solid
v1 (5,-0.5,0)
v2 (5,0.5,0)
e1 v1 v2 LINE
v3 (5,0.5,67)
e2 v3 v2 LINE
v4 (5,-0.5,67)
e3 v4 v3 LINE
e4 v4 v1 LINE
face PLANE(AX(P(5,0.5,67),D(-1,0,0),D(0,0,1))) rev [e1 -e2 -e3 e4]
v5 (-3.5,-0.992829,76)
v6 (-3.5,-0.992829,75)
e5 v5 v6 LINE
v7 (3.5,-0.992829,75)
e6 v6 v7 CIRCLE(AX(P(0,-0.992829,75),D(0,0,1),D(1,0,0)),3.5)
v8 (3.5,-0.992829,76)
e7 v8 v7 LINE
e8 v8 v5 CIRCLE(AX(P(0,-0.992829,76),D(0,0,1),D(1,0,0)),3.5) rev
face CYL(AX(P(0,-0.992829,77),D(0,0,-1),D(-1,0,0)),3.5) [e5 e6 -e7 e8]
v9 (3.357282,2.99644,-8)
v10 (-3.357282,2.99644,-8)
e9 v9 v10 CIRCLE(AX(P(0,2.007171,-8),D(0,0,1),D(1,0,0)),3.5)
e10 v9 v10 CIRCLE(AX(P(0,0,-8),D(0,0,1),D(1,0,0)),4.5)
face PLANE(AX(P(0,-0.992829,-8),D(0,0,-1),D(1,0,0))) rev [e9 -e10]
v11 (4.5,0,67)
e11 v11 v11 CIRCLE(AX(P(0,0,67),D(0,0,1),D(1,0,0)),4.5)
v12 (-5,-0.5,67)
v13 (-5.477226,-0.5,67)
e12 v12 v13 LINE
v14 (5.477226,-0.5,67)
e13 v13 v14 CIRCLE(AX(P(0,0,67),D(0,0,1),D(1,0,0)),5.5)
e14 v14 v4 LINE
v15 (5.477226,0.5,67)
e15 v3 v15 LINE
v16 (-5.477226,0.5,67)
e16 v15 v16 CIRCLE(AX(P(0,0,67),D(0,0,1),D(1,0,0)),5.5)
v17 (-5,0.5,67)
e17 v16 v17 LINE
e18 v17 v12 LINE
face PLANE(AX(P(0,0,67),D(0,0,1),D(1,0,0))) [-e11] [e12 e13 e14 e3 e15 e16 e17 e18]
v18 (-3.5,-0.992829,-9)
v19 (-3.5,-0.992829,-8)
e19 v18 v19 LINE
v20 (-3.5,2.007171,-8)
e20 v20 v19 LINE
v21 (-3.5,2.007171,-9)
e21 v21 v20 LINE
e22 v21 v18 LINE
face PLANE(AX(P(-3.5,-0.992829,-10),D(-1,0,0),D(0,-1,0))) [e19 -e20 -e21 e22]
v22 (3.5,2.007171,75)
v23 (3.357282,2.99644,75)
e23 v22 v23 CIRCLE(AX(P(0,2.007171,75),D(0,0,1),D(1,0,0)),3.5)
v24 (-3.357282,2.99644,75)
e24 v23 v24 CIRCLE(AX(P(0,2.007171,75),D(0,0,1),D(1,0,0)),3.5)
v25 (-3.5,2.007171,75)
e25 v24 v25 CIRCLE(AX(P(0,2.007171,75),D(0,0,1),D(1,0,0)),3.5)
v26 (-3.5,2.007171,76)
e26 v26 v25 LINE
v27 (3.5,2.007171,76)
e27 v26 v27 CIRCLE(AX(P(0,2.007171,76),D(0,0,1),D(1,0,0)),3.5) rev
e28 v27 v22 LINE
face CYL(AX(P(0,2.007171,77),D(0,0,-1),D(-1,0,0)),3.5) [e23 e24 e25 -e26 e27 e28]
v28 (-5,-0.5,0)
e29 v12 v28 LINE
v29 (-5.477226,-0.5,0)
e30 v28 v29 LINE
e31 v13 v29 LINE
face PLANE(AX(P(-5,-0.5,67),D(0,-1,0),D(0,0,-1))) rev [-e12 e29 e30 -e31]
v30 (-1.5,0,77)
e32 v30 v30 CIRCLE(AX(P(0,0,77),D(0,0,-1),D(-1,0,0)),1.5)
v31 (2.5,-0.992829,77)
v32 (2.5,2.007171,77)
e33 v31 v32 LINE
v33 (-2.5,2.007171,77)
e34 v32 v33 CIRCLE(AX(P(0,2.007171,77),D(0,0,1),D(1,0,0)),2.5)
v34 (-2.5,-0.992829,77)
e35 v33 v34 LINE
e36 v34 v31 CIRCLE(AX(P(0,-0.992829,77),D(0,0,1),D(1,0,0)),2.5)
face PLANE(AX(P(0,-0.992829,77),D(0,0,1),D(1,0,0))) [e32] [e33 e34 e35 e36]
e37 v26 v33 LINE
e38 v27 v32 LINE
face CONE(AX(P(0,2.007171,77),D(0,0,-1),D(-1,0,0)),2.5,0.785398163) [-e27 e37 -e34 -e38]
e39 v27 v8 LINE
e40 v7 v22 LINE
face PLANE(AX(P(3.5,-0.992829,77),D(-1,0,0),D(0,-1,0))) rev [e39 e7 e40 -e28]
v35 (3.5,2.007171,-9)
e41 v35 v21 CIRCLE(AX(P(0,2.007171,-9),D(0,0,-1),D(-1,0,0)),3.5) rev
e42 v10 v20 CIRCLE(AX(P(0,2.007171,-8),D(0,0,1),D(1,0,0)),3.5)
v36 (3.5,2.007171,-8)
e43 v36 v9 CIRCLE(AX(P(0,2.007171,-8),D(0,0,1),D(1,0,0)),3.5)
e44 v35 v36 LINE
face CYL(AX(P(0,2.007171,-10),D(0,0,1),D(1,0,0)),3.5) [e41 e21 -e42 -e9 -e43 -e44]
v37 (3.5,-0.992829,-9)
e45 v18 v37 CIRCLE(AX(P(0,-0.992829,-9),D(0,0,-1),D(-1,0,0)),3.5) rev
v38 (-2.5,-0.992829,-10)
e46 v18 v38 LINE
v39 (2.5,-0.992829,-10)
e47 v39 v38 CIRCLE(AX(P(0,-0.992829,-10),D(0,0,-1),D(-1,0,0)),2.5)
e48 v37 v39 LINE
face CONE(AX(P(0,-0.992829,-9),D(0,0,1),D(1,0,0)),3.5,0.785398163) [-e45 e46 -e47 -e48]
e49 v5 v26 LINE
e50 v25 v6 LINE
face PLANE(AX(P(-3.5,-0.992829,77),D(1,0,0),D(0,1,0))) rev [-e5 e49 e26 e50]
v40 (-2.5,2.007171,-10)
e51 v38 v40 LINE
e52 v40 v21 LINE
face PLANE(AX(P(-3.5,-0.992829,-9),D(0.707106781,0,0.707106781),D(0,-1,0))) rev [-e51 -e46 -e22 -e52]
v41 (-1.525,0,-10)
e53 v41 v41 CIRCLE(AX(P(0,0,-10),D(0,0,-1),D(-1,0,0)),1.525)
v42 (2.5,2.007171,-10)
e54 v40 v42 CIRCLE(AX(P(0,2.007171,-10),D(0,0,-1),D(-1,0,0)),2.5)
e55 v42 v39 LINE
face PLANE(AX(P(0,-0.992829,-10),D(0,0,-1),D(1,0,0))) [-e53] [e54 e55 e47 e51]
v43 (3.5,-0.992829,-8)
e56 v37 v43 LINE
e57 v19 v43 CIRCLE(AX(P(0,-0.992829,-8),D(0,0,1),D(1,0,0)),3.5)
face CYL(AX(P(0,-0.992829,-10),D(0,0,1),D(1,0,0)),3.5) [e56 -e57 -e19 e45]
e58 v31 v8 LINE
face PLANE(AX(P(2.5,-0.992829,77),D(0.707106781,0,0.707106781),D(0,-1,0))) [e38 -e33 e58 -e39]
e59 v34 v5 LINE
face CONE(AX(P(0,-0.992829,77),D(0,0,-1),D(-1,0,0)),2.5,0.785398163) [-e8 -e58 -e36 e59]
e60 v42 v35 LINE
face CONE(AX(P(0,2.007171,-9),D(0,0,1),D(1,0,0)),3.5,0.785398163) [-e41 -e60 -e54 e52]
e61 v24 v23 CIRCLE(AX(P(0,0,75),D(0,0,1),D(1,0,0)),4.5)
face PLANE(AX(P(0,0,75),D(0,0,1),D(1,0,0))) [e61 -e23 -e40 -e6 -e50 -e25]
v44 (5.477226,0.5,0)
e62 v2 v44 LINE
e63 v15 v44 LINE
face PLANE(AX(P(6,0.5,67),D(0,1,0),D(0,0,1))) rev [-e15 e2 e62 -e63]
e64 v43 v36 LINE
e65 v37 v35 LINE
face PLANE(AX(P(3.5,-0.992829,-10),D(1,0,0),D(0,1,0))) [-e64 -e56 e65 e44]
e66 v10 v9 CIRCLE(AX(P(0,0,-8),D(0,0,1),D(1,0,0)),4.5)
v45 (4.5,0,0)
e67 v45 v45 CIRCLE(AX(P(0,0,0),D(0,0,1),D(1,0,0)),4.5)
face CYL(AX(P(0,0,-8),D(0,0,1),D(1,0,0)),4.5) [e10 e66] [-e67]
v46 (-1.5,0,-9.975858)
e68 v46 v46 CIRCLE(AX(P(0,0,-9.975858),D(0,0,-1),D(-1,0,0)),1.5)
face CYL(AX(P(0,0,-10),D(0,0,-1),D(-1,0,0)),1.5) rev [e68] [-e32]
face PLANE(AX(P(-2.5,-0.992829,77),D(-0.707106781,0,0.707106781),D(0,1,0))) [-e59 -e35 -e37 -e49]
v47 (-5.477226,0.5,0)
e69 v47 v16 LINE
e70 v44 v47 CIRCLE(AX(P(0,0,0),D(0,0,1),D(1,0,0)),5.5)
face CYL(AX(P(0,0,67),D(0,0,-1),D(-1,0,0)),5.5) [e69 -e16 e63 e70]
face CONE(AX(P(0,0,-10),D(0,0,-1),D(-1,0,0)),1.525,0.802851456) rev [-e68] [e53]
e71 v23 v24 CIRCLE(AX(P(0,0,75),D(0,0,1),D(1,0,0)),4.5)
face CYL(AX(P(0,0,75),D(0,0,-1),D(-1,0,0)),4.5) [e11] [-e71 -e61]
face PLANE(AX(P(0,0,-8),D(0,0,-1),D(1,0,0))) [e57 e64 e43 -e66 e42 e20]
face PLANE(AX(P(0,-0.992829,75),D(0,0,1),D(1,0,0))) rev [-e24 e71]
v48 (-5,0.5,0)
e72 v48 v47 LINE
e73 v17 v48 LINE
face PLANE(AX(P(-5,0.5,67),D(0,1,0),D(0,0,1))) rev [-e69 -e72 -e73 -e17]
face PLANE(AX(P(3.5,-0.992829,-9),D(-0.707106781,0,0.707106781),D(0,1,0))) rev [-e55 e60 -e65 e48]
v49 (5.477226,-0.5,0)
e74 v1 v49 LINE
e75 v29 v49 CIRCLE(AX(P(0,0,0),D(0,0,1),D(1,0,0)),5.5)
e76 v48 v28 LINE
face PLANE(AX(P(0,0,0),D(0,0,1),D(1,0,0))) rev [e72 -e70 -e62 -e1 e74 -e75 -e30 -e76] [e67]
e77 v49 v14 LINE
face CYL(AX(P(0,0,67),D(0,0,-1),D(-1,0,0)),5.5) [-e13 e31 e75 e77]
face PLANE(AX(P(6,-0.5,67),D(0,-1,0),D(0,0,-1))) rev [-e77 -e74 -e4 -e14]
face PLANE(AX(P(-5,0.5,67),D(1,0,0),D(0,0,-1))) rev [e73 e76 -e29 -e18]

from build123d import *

# Parameters (mm, degrees)
SKETCH1_R                       = 5.5
BOSS_EXTRUDE1_DEPTH             = 67
SKETCH2_W                       = 1
SKETCH2_H                       = 1
CUT_EXTRUDE1_DEPTH              = 67
SKETCH3_R                       = 4.5
BOSS_EXTRUDE2_DEPTH             = 8
BOSS_EXTRUDE3_DEPTH             = 2
CHAMFER1_SIZE                   = 1
CHAMFER1_OF_MIRROR1_SIZE        = 1
F_3_0MM_DOWEL_HOLE1_D           = 3
F_3_0MM_DOWEL_HOLE1_CSINK_D     = 3.05
F_3_0MM_DOWEL_HOLE1_CSINK_ANGLE = 92


with BuildPart() as part:
    # Sketch1 → Boss-Extrude1 (new body)
    with BuildSketch(Plane.XY):
        Circle(SKETCH1_R)
    extrude(amount=BOSS_EXTRUDE1_DEPTH)

    # Sketch2 → Cut-Extrude1 (cut)
    with BuildSketch(Plane(origin=(0, 0, 0), x_dir=(-1, 0, 0), z_dir=(0, 0, -1))):
        with Locations((5.5, 0)):
            Rectangle(SKETCH2_W, SKETCH2_H)
        with Locations((-5.5, 0)):
            Rectangle(SKETCH2_W, SKETCH2_H)
    extrude(amount=-CUT_EXTRUDE1_DEPTH, mode=Mode.SUBTRACT)

    # Sketch3 → Boss-Extrude2 (add)
    with BuildSketch(Plane.XY.offset(67)):
        Circle(SKETCH3_R)
    boss_extrude2 = extrude(amount=BOSS_EXTRUDE2_DEPTH)

    # Sketch4 → Boss-Extrude3 (add)
    with BuildSketch(Plane.XY.offset(75)):
        with BuildLine():
            Line((-3.5, -0.992829401), (-3.5, 2.007170599))
            ThreePointArc((-3.5, 2.007170599), (0, 5.507170599), (3.5, 2.007170599))
            Line((3.5, 2.007170599), (3.5, -0.992829401))
            ThreePointArc((3.5, -0.992829401), (0, -4.492829401), (-3.5, -0.992829401))
        make_face()
    boss_extrude3 = extrude(amount=BOSS_EXTRUDE3_DEPTH)

    # Chamfer1
    chamfer1_edges = [part.edges().sort_by_distance(p)[0] for p in [
        (0, -4.492829401, 77),
        (3.5, 0.507170599, 77),
        (0, 5.507170599, 77),
        (-3.5, 0.507170599, 77),
    ]]
    chamfer(chamfer1_edges, length=CHAMFER1_SIZE)

    # Mirror1: Boss-Extrude2, Boss-Extrude3 across plane
    add(boss_extrude2.mirror(Plane.XY.offset(33.5)))
    add(boss_extrude3.mirror(Plane.XY.offset(33.5)))

    # Chamfer1 of Mirror1
    chamfer1_of_mirror1_edges = [part.edges().sort_by_distance(p)[0] for p in [
        (0, -4.492829401, -10),
        (3.5, 0.507170599, -10),
        (0, 5.507170599, -10),
        (-3.5, 0.507170599, -10),
    ]]
    chamfer(chamfer1_of_mirror1_edges, length=CHAMFER1_OF_MIRROR1_SIZE)

    # Ø3.0mm Dowel Hole1 (through all)
    with Locations(Plane(origin=(0, 0, -10), x_dir=(-1, 0, 0), z_dir=(0, 0, -1))):
        with Locations((0, 0)):
            CounterSinkHole(F_3_0MM_DOWEL_HOLE1_D / 2, F_3_0MM_DOWEL_HOLE1_CSINK_D / 2, counter_sink_angle=F_3_0MM_DOWEL_HOLE1_CSINK_ANGLE)


solid = part.part
